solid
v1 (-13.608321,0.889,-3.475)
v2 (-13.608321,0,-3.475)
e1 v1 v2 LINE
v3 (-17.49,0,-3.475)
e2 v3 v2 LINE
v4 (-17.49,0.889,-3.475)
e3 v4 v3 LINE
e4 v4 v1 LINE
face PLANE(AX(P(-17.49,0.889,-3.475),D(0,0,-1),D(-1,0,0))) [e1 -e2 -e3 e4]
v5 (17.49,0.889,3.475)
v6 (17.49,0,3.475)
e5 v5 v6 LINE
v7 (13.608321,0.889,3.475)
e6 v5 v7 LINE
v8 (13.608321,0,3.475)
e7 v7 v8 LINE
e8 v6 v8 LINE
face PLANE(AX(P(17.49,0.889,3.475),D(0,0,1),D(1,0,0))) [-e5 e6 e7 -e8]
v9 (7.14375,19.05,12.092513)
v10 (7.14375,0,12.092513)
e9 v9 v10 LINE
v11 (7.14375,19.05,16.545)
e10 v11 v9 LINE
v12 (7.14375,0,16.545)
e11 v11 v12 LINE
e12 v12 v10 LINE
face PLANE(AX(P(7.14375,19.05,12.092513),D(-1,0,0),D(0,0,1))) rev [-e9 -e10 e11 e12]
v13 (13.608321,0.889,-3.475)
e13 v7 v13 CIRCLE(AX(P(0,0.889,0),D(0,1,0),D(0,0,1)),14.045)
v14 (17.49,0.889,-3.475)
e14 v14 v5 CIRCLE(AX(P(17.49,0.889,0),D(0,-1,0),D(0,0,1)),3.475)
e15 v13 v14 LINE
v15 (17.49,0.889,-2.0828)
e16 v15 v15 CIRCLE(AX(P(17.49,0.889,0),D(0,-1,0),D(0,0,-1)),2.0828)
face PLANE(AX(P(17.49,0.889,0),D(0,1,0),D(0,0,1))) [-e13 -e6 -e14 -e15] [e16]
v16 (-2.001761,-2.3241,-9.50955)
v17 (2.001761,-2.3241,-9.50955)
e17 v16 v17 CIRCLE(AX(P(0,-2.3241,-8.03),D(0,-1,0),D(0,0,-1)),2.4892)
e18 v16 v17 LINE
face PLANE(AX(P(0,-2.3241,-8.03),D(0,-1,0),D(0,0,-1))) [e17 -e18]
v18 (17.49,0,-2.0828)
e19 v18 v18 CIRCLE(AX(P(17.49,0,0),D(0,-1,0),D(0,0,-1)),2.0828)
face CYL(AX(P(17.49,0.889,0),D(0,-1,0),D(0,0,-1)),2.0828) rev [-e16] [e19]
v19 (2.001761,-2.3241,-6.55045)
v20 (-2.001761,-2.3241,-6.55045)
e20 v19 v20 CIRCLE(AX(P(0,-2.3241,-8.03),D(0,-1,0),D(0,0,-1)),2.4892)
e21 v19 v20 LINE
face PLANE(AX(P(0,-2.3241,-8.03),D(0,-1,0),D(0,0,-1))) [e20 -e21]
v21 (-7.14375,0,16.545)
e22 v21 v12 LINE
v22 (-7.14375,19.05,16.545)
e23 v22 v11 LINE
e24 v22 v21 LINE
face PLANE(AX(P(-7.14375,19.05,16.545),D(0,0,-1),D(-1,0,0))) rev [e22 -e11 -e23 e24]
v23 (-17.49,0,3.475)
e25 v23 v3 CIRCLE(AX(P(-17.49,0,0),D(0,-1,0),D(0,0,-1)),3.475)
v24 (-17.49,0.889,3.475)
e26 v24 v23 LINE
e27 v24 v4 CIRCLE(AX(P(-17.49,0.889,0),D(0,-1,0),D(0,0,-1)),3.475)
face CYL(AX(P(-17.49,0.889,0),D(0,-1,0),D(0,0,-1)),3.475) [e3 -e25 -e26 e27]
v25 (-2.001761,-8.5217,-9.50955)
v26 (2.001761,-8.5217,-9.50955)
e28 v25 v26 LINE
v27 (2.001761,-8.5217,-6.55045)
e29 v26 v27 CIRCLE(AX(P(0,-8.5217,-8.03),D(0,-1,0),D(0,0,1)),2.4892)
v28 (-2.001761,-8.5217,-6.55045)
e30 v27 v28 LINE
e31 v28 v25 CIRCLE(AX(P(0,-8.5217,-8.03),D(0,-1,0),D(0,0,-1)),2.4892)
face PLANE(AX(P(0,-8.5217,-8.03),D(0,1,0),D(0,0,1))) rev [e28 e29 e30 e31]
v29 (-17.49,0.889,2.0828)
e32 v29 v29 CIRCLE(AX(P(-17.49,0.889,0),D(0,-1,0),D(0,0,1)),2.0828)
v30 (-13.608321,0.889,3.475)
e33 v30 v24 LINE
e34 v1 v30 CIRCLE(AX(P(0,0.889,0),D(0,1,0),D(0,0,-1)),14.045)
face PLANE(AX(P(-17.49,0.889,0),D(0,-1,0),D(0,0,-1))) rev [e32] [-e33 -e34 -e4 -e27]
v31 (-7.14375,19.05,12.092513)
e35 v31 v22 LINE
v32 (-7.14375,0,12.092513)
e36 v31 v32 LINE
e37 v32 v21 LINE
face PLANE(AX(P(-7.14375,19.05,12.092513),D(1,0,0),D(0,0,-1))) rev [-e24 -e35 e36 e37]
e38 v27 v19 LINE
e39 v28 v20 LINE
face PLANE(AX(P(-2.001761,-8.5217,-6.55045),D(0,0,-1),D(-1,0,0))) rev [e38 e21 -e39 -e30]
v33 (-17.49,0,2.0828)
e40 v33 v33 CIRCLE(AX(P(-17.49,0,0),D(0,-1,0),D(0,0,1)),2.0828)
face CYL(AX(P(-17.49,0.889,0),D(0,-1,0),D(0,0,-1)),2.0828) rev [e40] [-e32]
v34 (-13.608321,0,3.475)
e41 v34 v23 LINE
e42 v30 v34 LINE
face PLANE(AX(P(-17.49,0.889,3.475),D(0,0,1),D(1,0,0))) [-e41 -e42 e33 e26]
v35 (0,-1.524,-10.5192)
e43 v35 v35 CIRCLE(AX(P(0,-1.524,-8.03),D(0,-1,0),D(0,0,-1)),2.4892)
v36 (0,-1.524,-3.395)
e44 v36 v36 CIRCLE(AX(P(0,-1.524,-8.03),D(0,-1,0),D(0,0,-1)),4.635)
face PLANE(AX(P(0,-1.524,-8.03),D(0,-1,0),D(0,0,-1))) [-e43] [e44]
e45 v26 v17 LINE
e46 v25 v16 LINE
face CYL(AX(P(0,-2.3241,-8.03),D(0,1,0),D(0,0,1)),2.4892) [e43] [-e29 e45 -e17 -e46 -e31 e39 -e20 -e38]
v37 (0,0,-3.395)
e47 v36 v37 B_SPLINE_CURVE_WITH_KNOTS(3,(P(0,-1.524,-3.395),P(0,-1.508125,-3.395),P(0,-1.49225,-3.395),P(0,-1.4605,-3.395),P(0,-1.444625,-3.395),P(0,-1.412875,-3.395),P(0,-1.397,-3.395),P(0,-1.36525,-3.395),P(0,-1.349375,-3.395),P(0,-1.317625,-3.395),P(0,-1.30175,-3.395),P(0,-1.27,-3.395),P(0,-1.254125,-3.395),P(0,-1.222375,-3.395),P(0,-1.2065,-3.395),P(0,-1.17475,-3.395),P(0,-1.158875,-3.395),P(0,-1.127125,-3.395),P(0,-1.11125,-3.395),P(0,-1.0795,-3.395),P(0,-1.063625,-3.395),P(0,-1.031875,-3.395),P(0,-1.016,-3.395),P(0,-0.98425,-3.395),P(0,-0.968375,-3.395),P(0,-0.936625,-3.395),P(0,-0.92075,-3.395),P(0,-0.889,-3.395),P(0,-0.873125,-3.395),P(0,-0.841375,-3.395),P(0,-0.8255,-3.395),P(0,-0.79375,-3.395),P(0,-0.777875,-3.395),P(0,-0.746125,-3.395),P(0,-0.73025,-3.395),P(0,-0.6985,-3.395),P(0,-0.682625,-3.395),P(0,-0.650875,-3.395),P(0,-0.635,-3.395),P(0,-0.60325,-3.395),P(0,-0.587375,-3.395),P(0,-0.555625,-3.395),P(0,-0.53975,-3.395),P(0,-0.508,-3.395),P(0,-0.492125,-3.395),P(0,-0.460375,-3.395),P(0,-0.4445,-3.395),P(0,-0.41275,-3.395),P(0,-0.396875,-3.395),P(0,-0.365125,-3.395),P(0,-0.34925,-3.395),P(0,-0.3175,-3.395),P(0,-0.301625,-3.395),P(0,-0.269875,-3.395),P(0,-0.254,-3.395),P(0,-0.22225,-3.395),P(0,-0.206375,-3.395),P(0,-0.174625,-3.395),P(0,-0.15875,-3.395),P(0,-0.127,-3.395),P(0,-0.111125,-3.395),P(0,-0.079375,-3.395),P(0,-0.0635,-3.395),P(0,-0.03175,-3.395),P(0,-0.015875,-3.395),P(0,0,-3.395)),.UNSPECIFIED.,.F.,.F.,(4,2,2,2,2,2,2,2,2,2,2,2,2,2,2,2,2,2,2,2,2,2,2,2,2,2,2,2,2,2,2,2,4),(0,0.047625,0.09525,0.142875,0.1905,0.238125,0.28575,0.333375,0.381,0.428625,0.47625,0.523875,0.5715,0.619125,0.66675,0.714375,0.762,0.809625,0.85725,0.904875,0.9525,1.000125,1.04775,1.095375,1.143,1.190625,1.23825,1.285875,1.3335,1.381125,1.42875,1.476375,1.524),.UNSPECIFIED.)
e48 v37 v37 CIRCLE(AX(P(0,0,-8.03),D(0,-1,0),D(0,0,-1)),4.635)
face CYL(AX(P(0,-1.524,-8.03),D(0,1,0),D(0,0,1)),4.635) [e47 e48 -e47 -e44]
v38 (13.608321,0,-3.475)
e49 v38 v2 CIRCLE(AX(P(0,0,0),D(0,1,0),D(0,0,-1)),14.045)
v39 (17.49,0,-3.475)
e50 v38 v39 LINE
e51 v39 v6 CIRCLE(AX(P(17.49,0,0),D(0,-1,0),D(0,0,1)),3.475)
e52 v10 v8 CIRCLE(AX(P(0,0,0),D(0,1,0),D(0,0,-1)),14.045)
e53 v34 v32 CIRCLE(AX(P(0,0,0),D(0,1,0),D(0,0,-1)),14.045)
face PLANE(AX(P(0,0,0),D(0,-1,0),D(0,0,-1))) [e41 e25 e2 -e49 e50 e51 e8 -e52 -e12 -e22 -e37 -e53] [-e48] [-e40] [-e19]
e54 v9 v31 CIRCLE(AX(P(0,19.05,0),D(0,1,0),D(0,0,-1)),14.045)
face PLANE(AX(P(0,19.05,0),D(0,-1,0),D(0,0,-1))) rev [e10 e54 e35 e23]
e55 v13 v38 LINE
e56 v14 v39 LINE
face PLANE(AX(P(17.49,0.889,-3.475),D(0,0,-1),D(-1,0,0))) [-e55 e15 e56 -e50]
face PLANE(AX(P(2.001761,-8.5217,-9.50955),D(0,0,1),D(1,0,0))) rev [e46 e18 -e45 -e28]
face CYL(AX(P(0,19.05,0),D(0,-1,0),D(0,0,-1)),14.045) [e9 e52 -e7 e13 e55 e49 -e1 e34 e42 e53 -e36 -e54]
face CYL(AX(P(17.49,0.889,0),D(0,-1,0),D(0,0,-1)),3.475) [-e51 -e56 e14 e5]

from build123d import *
from build123d.topology import SkipClean

# Parameters (mm, degrees)
EXTRUDE_1_DEPTH = 19.05
SKETCH_2_R      = 2.0828
EXTRUDE_2_DEPTH = 0.889
SKETCH_3_R      = 4.635
EXTRUDE_3_DEPTH = 1.524
SKETCH_4_R      = 2.4892
EXTRUDE_4_DEPTH = 0.8001
EXTRUDE_5_DEPTH = 6.1976


with BuildPart() as part:
    # 스케치1 → 보스-돌출1 (new body)
    with BuildSketch(Plane(origin=(0, 0, 0), x_dir=(1, 0, 0), z_dir=(0, 1, 0))):
        with BuildLine():
            Line((-7.14375, -16.545), (7.14375, -16.545))
            Line((7.14375, -16.545), (7.14375, -12.092512598))
            ThreePointArc((7.14375, -12.092512598), (0, 14.045), (-7.14375, -12.092512598))
            Line((-7.14375, -12.092512598), (-7.14375, -16.545))
        make_face()
    extrude(amount=EXTRUDE_1_DEPTH)

    # 스케치2 → 보스-돌출2 (add)
    # profile 1 of 2: a face of its own
    with BuildSketch(Plane.XZ):
        with BuildLine():
            Line((-17.49, 3.475), (-13.608320984, 3.475))
            ThreePointArc((-13.608320984, 3.475), (-14.045, 0), (-13.608320984, -3.475))
            Line((-13.608320984, -3.475), (-17.49, -3.475))
            ThreePointArc((-17.49, -3.475), (-20.965, 0), (-17.49, 3.475))
        make_face()
        with Locations(Location((-17.49, 0, 0), (0, 0, 90))):
            Circle(SKETCH_2_R, mode=Mode.SUBTRACT)
    # profile 2 of 2: a face of its own
    with BuildSketch(Plane.XZ):
        with BuildLine():
            Line((17.49, 3.475), (13.608320984, 3.475))
            ThreePointArc((13.608320984, 3.475), (14.045, 0), (13.608320984, -3.475))
            Line((13.608320984, -3.475), (17.49, -3.475))
            ThreePointArc((17.49, -3.475), (20.965, 0), (17.49, 3.475))
        make_face()
        with Locations(Location((17.49, 0, 0), (0, 0, 270))):
            Circle(SKETCH_2_R, mode=Mode.SUBTRACT)
    extrude(amount=-EXTRUDE_2_DEPTH)

    # 스케치3 → 보스-돌출3 (add)
    with BuildSketch(Plane.XZ):
        with Locations(Location((0, -8.03, 0), (0, 0, 90))):
            Circle(SKETCH_3_R)
    extrude(amount=EXTRUDE_3_DEPTH)

    # 스케치4 → 보스-돌출4 (add)
    with BuildSketch(Plane.XZ.offset(1.524)):
        with Locations(Location((0, -8.03, 0), (0, 0, 270))):
            Circle(SKETCH_4_R)
    extrude(amount=EXTRUDE_4_DEPTH)

    # 스케치5 → 보스-돌출5 (add)
    with SkipClean():  # the faces are left unmerged after this step: merging them gives an invalid solid
        with BuildSketch(Plane.XZ.offset(2.3241)):
            with BuildLine():
                Line((2.001761334, -9.50955), (-2.001761334, -9.50955))
                ThreePointArc((-2.001761334, -9.50955), (-2.4892, -8.03), (-2.001761334, -6.55045))
                Line((-2.001761334, -6.55045), (2.001761334, -6.55045))
                ThreePointArc((2.001761334, -6.55045), (2.4892, -8.03), (2.001761334, -9.50955))
            make_face()
        extrude(amount=EXTRUDE_5_DEPTH)


solid = part.part
